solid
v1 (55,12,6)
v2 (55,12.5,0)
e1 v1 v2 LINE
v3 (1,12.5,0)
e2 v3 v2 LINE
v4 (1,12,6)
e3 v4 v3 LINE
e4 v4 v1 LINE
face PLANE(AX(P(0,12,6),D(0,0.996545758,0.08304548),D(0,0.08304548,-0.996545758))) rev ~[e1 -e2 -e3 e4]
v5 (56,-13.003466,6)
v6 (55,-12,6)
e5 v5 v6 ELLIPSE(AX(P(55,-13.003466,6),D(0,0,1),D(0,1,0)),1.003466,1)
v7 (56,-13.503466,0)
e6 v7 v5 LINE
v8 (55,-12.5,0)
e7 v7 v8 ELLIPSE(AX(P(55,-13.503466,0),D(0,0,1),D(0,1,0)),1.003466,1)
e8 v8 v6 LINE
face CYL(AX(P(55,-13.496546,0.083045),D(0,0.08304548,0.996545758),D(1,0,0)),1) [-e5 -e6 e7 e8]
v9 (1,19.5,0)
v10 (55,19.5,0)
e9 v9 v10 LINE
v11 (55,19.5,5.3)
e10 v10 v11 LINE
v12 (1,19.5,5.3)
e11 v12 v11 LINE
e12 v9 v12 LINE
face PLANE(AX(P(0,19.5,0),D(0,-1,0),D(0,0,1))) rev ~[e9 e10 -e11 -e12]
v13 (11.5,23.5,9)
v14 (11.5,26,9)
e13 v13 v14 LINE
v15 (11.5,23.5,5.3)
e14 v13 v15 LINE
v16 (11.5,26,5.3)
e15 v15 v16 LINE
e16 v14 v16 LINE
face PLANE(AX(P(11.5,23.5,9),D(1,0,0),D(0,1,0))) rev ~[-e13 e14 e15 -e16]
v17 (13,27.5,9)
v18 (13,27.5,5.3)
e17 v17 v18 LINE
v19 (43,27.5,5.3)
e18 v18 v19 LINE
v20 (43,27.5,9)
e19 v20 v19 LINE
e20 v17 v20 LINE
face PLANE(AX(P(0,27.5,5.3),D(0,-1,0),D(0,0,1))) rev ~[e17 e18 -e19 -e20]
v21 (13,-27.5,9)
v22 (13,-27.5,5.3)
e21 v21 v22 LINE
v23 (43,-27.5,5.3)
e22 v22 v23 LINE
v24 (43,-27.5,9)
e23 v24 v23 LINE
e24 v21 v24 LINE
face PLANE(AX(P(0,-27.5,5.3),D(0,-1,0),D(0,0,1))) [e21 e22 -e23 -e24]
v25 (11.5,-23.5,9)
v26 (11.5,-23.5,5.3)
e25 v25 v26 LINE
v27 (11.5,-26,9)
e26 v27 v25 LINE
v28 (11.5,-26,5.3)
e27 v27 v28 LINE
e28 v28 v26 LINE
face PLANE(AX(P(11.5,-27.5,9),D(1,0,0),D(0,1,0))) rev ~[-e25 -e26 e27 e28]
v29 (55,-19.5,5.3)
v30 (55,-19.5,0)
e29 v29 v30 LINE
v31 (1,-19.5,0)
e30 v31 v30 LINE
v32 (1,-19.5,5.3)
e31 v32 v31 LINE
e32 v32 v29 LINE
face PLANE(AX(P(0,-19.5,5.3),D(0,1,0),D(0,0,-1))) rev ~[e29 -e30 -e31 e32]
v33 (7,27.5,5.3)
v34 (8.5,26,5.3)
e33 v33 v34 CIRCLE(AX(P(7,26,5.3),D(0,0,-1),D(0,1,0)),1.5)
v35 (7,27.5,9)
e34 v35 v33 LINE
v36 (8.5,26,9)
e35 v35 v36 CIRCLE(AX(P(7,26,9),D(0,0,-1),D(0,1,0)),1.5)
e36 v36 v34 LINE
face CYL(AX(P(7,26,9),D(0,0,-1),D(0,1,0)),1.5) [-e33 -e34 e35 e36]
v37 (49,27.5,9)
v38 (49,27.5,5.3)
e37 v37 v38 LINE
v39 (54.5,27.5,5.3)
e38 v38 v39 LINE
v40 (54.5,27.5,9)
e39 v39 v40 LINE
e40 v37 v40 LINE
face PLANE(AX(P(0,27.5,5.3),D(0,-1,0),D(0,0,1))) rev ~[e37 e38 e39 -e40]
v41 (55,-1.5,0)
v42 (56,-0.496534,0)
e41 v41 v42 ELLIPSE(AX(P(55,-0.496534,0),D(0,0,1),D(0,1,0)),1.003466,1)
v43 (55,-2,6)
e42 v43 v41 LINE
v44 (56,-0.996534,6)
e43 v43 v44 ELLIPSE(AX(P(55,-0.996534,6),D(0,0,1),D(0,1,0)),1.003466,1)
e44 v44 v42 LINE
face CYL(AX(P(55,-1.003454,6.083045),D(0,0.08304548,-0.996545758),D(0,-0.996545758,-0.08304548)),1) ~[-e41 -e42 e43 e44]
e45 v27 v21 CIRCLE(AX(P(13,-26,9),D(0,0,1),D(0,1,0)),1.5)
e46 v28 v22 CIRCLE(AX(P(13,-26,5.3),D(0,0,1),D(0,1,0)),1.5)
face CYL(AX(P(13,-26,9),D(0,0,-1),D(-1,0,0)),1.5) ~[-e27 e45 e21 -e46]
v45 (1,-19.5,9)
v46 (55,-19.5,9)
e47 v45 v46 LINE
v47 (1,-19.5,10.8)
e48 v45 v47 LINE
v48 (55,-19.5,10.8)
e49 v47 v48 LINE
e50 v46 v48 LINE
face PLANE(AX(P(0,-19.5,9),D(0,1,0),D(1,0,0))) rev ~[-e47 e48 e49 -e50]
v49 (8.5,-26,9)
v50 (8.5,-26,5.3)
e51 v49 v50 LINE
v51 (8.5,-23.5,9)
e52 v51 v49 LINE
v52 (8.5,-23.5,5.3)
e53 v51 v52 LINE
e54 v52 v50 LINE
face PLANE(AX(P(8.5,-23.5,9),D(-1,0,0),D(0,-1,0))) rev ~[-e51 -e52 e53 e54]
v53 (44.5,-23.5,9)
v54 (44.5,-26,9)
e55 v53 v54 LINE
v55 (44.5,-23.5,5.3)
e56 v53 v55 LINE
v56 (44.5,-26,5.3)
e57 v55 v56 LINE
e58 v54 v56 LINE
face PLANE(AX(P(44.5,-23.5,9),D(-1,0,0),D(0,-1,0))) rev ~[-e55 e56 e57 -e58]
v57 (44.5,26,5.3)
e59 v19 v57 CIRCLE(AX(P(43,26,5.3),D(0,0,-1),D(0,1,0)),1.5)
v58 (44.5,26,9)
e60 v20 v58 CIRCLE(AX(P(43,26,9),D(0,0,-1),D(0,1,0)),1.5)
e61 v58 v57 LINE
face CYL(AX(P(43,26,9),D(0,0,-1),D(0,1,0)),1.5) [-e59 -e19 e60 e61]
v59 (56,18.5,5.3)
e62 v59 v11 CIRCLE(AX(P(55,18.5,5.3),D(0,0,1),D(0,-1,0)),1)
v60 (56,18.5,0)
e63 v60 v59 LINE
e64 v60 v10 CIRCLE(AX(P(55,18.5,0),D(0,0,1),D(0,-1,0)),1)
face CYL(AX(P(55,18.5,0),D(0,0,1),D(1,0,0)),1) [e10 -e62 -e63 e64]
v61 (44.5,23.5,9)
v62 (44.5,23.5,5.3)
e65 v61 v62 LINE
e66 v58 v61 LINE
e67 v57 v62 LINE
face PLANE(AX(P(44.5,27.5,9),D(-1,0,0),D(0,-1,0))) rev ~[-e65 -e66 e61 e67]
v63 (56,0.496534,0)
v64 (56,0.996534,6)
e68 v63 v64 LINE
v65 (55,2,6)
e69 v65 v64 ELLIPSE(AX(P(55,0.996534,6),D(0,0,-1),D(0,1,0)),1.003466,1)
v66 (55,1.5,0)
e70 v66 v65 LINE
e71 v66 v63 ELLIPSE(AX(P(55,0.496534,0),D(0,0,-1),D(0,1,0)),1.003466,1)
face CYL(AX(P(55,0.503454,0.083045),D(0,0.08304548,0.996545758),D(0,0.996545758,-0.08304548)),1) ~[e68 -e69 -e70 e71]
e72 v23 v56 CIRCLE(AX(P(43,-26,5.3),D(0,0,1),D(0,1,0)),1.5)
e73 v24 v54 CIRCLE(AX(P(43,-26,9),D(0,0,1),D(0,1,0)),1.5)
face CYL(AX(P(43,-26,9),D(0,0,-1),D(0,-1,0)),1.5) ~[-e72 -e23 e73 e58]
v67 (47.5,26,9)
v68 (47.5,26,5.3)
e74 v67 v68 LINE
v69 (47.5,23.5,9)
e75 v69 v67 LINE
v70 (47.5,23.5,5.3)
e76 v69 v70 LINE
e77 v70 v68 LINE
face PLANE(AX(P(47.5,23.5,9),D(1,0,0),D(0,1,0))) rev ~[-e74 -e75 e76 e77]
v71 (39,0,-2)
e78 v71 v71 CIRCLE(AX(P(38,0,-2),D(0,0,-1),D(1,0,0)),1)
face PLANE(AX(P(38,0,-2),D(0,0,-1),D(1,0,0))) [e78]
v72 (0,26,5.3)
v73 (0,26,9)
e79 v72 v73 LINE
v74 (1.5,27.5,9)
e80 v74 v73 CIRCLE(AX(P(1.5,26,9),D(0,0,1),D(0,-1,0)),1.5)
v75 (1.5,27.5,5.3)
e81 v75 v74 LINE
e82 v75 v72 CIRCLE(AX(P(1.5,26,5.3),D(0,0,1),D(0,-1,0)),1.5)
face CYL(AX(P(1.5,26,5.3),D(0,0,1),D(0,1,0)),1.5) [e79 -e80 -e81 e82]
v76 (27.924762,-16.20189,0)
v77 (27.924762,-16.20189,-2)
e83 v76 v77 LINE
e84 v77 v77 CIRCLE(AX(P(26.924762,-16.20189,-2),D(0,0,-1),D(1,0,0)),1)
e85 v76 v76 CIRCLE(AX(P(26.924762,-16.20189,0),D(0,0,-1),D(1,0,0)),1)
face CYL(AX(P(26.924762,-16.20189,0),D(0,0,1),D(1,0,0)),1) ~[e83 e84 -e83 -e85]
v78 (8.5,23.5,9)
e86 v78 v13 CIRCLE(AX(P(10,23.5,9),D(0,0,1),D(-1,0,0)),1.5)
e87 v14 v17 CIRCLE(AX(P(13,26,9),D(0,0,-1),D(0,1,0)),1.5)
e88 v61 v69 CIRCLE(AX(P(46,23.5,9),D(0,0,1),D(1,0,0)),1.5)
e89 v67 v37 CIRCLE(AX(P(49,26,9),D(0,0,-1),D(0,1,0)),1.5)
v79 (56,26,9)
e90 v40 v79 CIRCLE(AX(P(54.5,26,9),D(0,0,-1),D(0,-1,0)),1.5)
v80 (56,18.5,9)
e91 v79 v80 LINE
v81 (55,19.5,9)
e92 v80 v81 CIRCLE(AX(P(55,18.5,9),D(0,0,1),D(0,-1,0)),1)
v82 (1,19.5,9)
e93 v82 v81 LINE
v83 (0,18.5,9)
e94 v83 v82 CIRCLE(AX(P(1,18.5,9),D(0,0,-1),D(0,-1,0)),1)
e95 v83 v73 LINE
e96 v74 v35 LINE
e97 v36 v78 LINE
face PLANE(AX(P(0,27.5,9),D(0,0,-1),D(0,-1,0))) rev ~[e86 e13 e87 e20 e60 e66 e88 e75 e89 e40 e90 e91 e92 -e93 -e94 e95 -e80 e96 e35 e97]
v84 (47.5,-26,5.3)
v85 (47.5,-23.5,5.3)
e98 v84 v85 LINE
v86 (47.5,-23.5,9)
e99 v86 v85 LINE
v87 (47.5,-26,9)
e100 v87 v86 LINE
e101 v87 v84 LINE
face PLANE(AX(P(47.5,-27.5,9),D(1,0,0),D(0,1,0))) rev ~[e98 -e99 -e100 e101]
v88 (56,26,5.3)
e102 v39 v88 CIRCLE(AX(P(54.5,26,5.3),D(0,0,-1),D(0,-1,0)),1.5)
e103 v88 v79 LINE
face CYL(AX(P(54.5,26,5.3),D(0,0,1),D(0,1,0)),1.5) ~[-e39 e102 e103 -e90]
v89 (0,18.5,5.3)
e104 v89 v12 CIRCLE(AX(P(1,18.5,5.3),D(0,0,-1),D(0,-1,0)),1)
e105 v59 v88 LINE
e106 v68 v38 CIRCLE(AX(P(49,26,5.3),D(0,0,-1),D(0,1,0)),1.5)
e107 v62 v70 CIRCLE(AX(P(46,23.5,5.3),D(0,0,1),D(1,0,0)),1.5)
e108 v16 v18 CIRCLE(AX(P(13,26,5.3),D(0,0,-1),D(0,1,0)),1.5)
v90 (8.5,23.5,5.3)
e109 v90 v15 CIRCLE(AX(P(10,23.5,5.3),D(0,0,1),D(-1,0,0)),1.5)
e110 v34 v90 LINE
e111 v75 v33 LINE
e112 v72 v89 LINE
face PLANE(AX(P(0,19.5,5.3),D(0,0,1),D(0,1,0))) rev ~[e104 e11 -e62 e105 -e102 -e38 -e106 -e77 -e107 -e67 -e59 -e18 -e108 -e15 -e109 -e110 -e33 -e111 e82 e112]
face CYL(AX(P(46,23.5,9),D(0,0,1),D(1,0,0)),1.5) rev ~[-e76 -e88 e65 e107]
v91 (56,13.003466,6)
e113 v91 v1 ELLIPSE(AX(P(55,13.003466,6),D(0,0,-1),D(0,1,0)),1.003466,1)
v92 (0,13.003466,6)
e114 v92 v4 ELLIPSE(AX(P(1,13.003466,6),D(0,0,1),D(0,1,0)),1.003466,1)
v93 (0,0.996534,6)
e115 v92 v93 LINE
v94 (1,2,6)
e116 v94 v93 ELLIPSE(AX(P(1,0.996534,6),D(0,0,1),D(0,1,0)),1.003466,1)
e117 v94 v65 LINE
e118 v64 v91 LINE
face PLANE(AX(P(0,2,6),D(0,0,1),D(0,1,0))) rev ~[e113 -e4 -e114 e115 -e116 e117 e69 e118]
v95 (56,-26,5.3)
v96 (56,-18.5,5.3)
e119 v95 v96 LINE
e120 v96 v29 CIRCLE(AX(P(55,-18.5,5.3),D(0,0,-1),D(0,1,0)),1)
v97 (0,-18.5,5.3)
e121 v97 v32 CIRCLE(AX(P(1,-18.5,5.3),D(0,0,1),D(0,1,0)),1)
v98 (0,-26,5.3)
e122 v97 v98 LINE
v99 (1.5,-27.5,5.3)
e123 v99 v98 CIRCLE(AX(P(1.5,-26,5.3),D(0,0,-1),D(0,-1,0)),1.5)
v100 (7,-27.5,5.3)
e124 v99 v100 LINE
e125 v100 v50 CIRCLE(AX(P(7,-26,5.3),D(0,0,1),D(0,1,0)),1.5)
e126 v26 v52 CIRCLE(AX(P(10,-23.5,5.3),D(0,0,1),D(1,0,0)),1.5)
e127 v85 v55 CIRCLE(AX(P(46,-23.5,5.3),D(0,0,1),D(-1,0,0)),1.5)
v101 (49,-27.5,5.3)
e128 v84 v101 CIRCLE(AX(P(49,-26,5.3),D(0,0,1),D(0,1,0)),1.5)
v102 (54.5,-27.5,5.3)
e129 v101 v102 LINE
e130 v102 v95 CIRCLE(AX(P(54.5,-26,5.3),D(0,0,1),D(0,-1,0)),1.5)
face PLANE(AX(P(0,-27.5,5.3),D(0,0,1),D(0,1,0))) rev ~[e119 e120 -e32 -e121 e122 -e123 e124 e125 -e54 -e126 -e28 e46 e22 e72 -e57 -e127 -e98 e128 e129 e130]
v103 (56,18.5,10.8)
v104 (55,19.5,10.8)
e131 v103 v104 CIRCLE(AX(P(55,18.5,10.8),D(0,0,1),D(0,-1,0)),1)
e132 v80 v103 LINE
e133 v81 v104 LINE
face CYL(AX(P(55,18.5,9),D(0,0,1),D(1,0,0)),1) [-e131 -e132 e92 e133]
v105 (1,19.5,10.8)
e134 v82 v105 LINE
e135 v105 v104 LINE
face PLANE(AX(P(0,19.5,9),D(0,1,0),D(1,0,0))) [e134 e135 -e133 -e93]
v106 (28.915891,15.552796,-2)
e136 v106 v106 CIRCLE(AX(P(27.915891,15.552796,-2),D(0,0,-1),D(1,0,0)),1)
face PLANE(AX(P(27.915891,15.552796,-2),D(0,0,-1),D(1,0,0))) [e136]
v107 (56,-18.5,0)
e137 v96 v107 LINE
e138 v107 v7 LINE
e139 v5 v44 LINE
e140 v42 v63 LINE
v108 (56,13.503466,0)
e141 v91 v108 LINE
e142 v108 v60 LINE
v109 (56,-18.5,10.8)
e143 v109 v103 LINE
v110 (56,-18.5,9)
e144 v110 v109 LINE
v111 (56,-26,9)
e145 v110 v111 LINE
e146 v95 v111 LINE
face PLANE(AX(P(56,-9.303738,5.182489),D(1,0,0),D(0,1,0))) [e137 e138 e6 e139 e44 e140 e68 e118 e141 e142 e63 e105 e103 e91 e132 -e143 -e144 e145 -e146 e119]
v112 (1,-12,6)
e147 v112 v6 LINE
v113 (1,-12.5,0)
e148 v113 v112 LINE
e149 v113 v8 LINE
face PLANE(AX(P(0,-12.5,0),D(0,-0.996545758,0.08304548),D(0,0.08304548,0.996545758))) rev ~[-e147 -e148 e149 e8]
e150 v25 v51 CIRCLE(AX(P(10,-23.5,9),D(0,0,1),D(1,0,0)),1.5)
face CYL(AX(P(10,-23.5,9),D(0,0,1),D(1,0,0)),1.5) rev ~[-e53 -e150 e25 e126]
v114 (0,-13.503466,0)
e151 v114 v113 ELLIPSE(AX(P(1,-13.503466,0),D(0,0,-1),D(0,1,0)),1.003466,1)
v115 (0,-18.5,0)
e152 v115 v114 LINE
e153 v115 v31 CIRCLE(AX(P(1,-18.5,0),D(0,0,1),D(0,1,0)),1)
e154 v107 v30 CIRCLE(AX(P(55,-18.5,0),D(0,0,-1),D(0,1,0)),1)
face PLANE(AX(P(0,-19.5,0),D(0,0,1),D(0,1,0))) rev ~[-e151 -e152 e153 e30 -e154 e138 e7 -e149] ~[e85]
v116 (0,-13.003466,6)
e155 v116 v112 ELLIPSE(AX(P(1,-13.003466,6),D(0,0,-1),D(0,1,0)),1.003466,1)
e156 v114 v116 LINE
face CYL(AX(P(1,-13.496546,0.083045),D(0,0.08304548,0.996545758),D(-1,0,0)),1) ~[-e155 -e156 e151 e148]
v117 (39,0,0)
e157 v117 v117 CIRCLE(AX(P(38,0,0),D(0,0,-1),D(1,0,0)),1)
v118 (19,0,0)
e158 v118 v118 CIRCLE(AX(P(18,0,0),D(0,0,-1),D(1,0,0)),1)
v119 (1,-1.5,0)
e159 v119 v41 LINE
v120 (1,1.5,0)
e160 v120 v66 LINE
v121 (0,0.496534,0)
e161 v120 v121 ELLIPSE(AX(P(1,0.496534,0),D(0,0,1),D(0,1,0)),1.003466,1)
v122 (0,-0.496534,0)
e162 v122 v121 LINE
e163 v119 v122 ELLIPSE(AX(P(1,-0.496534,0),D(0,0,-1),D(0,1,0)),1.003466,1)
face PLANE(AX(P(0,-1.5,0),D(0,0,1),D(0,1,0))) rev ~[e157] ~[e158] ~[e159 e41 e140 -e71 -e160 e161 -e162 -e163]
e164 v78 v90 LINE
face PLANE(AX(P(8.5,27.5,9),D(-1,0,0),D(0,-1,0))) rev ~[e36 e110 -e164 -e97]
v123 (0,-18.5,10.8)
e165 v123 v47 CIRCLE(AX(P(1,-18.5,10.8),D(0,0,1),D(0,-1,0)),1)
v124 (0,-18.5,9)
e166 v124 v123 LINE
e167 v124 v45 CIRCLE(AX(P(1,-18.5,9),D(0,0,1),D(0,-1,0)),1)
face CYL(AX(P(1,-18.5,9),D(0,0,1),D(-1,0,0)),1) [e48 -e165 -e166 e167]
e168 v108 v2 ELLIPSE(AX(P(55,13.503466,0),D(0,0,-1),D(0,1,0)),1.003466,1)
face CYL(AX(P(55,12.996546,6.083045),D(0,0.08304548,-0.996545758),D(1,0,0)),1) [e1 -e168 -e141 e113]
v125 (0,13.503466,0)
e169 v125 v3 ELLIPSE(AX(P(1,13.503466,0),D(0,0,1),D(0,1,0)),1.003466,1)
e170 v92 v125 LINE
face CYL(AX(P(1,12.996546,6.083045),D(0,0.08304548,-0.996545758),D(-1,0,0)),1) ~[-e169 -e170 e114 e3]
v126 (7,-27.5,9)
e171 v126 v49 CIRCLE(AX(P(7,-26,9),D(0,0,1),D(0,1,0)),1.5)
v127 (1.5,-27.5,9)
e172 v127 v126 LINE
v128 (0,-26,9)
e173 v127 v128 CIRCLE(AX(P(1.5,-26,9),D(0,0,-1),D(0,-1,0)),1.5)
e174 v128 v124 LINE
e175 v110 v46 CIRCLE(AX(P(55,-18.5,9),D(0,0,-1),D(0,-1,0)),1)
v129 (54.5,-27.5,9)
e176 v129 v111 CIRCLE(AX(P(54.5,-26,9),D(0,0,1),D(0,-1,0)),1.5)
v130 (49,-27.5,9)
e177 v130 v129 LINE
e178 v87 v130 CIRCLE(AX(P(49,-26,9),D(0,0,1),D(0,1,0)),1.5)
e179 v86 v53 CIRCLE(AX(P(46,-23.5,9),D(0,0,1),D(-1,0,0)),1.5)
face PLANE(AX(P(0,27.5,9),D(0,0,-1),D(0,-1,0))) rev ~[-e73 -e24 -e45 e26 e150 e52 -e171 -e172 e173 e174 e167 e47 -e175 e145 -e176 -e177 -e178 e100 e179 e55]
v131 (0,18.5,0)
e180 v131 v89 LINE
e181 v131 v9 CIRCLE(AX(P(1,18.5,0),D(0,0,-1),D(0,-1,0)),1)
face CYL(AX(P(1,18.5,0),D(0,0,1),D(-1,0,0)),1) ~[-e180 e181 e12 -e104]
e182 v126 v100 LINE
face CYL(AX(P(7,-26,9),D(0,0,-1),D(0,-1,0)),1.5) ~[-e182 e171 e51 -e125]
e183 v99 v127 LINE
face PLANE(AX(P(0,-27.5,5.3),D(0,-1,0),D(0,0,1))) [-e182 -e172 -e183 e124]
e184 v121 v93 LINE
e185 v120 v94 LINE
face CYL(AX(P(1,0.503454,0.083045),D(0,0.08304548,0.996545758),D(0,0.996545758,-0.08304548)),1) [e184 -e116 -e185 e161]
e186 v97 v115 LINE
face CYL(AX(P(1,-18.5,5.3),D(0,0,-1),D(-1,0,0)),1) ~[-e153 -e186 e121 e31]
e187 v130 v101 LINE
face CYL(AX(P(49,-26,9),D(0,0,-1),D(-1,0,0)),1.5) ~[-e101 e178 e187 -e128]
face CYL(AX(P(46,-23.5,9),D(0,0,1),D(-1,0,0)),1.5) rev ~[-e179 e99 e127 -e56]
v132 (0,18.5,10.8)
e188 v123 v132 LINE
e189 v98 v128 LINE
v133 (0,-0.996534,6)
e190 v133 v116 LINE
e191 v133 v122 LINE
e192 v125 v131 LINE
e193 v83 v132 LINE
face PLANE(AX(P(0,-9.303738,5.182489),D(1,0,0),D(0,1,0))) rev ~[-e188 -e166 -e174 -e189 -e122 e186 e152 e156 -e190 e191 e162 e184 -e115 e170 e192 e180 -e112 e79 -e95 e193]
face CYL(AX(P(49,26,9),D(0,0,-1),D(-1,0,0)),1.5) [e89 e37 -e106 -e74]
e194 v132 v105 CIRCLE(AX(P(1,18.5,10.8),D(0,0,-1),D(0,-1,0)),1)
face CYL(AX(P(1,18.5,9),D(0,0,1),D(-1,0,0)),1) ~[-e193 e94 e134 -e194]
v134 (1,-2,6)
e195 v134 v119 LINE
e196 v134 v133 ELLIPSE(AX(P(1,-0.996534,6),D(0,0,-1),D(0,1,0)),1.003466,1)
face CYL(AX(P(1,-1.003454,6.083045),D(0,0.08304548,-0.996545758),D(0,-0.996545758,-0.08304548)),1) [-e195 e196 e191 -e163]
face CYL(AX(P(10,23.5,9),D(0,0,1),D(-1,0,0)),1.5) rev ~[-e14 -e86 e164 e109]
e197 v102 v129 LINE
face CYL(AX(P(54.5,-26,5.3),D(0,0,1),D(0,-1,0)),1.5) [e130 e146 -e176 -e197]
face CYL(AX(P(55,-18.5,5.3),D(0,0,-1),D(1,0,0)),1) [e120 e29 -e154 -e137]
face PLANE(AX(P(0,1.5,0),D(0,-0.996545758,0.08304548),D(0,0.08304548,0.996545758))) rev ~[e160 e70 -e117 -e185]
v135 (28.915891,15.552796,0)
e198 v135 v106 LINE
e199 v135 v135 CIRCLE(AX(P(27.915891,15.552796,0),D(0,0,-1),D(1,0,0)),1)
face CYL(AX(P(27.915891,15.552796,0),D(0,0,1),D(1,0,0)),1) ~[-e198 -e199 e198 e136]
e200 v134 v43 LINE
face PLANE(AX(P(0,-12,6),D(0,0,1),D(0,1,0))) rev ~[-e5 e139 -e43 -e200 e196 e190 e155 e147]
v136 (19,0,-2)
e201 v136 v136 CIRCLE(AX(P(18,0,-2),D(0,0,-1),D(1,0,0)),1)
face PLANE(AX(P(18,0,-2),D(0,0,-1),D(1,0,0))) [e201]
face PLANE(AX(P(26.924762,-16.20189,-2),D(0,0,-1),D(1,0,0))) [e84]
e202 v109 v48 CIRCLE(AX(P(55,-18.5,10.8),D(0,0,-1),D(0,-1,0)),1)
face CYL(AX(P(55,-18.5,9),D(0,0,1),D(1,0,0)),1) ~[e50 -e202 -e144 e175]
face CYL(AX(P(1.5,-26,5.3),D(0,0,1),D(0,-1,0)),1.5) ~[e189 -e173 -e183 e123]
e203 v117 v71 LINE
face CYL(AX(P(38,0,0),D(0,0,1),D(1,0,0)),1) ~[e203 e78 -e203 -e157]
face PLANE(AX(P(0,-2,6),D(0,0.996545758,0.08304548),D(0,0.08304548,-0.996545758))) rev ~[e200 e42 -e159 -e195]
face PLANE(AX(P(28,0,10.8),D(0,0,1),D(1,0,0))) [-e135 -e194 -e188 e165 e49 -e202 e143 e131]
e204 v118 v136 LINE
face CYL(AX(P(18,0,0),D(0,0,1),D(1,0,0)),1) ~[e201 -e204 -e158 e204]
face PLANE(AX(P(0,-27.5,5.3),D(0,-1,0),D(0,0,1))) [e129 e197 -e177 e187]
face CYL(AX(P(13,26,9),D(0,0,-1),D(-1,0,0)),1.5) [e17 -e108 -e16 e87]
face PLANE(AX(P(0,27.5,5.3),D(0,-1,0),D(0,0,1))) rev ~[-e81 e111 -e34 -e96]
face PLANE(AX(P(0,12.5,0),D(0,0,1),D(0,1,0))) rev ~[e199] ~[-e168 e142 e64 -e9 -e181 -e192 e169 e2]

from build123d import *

# Parameters (mm, degrees)
F0_W     = 8
F0_H     = 3.7
F1_DEPTH = 56
F3_W     = 56
F3_H     = 39
F4_DEPTH = 1.8
F5_DEPTH = 25
F6_R     = 1
F7_R     = 1.5
F8_R     = 1
F9_DEPTH = 2


with BuildPart() as f1:
    # F0 (on Right) → F1 (new body)
    with BuildSketch(Plane.YZ):
        Polygon((-1.5, 0), (0, 0), (0, 9), (-19.5, 9), (-19.5, 5.3), (-19.5, 0), (-12.5, 0), (-12, 6), (-2, 6), align=None)
        with Locations((-23.5, 7.15)):
            Rectangle(F0_W, F0_H)
        Polygon((0, 9), (0, 0), (1.5, 0), (2, 6), (12, 6), (12.5, 0), (19.5, 0), (19.5, 5.3), (19.5, 9), align=None)
        with Locations((23.5, 7.15)):
            Rectangle(F0_W, F0_H)
    extrude(amount=F1_DEPTH)

    # F3 (on face) → F4 (join)
    with BuildSketch(Plane.XY.offset(9)):
        with Locations((28, 0)):
            Rectangle(F3_W, F3_H)
    extrude(amount=F4_DEPTH)

    # F2 (on face) → F5 (cut)
    with BuildSketch(Plane.XY.offset(9)):
        with BuildLine():
            Line((11.5, -27.5), (11.5, -23.5))
            ThreePointArc((11.5, -23.5), (10, -25), (8.5, -23.5))
            Line((8.5, -23.5), (8.5, -27.5))
            Line((8.5, -27.5), (11.5, -27.5))
        make_face()
        with BuildLine():
            ThreePointArc((8.5, -23.5), (10, -25), (11.5, -23.5))
            ThreePointArc((11.5, -23.5), (10, -22), (8.5, -23.5))
        make_face()
        with BuildLine():
            Line((44.5, -23.5), (44.5, -27.5))
            Line((44.5, -27.5), (47.5, -27.5))
            Line((47.5, -27.5), (47.5, -23.5))
            ThreePointArc((47.5, -23.5), (46, -25), (44.5, -23.5))
        make_face()
        with BuildLine():
            ThreePointArc((47.5, -23.5), (46, -22), (44.5, -23.5))
            ThreePointArc((44.5, -23.5), (46, -25), (47.5, -23.5))
        make_face()
        with BuildLine():
            Line((11.5, 27.5), (8.5, 27.5))
            Line((8.5, 27.5), (8.5, 23.5))
            ThreePointArc((8.5, 23.5), (10, 25), (11.5, 23.5))
            Line((11.5, 23.5), (11.5, 27.5))
        make_face()
        with BuildLine():
            ThreePointArc((11.5, 23.5), (10, 25), (8.5, 23.5))
            ThreePointArc((8.5, 23.5), (10, 22), (11.5, 23.5))
        make_face()
        with BuildLine():
            ThreePointArc((44.5, 23.5), (46, 22), (47.5, 23.5))
            ThreePointArc((47.5, 23.5), (46, 25), (44.5, 23.5))
        make_face()
        with BuildLine():
            Line((47.5, 23.5), (47.5, 27.5))
            Line((47.5, 27.5), (44.5, 27.5))
            Line((44.5, 27.5), (44.5, 23.5))
            ThreePointArc((44.5, 23.5), (46, 25), (47.5, 23.5))
        make_face()
    extrude(amount=-F5_DEPTH, mode=Mode.SUBTRACT)

    # F6
    f6_edges = [f1.edges().sort_by_distance(p)[0] for p in [
        (56, 19.5, 2.65),
        (56, 12.25, 3),
        (56, 1.75, 3),
        (56, -1.75, 3),
        (56, -12.25, 3),
        (56, -19.5, 2.65),
        (56, 19.5, 9.9),
        (56, -19.5, 9.9),
        (0, 19.5, 2.65),
        (0, 12.25, 3),
        (0, 1.75, 3),
        (0, -1.75, 3),
        (0, 19.5, 9.9),
        (0, -12.25, 3),
        (0, -19.5, 2.65),
        (0, -19.5, 9.9),
    ]]
    fillet(f6_edges, radius=F6_R)

    # F7
    f7_edges = [f1.edges().sort_by_distance(p)[0] for p in [
        (0, -27.5, 7.15),
        (8.5, -27.5, 7.15),
        (11.5, -27.5, 7.15),
        (47.5, -27.5, 7.15),
        (44.5, -27.5, 7.15),
        (56, -27.5, 7.15),
        (0, 27.5, 7.15),
        (8.5, 27.5, 7.15),
        (11.5, 27.5, 7.15),
        (44.5, 27.5, 7.15),
        (47.5, 27.5, 7.15),
        (56, 27.5, 7.15),
    ]]
    fillet(f7_edges, radius=F7_R)

    # F8 (on face) → F9 (join)
    with BuildSketch(Plane(origin=(0, 0, 0), x_dir=(1, 0, 0), z_dir=(0, 0, -1))):
        with Locations((38, 0)):
            Circle(F8_R)
        with Locations((18, 0)):
            Circle(F8_R)
        with Locations((26.9247623258, 16.2018900485)):
            Circle(F8_R)
        with Locations((27.9158912599, -15.5527964234)):
            Circle(F8_R)
    extrude(amount=F9_DEPTH)


solid = f1.part
